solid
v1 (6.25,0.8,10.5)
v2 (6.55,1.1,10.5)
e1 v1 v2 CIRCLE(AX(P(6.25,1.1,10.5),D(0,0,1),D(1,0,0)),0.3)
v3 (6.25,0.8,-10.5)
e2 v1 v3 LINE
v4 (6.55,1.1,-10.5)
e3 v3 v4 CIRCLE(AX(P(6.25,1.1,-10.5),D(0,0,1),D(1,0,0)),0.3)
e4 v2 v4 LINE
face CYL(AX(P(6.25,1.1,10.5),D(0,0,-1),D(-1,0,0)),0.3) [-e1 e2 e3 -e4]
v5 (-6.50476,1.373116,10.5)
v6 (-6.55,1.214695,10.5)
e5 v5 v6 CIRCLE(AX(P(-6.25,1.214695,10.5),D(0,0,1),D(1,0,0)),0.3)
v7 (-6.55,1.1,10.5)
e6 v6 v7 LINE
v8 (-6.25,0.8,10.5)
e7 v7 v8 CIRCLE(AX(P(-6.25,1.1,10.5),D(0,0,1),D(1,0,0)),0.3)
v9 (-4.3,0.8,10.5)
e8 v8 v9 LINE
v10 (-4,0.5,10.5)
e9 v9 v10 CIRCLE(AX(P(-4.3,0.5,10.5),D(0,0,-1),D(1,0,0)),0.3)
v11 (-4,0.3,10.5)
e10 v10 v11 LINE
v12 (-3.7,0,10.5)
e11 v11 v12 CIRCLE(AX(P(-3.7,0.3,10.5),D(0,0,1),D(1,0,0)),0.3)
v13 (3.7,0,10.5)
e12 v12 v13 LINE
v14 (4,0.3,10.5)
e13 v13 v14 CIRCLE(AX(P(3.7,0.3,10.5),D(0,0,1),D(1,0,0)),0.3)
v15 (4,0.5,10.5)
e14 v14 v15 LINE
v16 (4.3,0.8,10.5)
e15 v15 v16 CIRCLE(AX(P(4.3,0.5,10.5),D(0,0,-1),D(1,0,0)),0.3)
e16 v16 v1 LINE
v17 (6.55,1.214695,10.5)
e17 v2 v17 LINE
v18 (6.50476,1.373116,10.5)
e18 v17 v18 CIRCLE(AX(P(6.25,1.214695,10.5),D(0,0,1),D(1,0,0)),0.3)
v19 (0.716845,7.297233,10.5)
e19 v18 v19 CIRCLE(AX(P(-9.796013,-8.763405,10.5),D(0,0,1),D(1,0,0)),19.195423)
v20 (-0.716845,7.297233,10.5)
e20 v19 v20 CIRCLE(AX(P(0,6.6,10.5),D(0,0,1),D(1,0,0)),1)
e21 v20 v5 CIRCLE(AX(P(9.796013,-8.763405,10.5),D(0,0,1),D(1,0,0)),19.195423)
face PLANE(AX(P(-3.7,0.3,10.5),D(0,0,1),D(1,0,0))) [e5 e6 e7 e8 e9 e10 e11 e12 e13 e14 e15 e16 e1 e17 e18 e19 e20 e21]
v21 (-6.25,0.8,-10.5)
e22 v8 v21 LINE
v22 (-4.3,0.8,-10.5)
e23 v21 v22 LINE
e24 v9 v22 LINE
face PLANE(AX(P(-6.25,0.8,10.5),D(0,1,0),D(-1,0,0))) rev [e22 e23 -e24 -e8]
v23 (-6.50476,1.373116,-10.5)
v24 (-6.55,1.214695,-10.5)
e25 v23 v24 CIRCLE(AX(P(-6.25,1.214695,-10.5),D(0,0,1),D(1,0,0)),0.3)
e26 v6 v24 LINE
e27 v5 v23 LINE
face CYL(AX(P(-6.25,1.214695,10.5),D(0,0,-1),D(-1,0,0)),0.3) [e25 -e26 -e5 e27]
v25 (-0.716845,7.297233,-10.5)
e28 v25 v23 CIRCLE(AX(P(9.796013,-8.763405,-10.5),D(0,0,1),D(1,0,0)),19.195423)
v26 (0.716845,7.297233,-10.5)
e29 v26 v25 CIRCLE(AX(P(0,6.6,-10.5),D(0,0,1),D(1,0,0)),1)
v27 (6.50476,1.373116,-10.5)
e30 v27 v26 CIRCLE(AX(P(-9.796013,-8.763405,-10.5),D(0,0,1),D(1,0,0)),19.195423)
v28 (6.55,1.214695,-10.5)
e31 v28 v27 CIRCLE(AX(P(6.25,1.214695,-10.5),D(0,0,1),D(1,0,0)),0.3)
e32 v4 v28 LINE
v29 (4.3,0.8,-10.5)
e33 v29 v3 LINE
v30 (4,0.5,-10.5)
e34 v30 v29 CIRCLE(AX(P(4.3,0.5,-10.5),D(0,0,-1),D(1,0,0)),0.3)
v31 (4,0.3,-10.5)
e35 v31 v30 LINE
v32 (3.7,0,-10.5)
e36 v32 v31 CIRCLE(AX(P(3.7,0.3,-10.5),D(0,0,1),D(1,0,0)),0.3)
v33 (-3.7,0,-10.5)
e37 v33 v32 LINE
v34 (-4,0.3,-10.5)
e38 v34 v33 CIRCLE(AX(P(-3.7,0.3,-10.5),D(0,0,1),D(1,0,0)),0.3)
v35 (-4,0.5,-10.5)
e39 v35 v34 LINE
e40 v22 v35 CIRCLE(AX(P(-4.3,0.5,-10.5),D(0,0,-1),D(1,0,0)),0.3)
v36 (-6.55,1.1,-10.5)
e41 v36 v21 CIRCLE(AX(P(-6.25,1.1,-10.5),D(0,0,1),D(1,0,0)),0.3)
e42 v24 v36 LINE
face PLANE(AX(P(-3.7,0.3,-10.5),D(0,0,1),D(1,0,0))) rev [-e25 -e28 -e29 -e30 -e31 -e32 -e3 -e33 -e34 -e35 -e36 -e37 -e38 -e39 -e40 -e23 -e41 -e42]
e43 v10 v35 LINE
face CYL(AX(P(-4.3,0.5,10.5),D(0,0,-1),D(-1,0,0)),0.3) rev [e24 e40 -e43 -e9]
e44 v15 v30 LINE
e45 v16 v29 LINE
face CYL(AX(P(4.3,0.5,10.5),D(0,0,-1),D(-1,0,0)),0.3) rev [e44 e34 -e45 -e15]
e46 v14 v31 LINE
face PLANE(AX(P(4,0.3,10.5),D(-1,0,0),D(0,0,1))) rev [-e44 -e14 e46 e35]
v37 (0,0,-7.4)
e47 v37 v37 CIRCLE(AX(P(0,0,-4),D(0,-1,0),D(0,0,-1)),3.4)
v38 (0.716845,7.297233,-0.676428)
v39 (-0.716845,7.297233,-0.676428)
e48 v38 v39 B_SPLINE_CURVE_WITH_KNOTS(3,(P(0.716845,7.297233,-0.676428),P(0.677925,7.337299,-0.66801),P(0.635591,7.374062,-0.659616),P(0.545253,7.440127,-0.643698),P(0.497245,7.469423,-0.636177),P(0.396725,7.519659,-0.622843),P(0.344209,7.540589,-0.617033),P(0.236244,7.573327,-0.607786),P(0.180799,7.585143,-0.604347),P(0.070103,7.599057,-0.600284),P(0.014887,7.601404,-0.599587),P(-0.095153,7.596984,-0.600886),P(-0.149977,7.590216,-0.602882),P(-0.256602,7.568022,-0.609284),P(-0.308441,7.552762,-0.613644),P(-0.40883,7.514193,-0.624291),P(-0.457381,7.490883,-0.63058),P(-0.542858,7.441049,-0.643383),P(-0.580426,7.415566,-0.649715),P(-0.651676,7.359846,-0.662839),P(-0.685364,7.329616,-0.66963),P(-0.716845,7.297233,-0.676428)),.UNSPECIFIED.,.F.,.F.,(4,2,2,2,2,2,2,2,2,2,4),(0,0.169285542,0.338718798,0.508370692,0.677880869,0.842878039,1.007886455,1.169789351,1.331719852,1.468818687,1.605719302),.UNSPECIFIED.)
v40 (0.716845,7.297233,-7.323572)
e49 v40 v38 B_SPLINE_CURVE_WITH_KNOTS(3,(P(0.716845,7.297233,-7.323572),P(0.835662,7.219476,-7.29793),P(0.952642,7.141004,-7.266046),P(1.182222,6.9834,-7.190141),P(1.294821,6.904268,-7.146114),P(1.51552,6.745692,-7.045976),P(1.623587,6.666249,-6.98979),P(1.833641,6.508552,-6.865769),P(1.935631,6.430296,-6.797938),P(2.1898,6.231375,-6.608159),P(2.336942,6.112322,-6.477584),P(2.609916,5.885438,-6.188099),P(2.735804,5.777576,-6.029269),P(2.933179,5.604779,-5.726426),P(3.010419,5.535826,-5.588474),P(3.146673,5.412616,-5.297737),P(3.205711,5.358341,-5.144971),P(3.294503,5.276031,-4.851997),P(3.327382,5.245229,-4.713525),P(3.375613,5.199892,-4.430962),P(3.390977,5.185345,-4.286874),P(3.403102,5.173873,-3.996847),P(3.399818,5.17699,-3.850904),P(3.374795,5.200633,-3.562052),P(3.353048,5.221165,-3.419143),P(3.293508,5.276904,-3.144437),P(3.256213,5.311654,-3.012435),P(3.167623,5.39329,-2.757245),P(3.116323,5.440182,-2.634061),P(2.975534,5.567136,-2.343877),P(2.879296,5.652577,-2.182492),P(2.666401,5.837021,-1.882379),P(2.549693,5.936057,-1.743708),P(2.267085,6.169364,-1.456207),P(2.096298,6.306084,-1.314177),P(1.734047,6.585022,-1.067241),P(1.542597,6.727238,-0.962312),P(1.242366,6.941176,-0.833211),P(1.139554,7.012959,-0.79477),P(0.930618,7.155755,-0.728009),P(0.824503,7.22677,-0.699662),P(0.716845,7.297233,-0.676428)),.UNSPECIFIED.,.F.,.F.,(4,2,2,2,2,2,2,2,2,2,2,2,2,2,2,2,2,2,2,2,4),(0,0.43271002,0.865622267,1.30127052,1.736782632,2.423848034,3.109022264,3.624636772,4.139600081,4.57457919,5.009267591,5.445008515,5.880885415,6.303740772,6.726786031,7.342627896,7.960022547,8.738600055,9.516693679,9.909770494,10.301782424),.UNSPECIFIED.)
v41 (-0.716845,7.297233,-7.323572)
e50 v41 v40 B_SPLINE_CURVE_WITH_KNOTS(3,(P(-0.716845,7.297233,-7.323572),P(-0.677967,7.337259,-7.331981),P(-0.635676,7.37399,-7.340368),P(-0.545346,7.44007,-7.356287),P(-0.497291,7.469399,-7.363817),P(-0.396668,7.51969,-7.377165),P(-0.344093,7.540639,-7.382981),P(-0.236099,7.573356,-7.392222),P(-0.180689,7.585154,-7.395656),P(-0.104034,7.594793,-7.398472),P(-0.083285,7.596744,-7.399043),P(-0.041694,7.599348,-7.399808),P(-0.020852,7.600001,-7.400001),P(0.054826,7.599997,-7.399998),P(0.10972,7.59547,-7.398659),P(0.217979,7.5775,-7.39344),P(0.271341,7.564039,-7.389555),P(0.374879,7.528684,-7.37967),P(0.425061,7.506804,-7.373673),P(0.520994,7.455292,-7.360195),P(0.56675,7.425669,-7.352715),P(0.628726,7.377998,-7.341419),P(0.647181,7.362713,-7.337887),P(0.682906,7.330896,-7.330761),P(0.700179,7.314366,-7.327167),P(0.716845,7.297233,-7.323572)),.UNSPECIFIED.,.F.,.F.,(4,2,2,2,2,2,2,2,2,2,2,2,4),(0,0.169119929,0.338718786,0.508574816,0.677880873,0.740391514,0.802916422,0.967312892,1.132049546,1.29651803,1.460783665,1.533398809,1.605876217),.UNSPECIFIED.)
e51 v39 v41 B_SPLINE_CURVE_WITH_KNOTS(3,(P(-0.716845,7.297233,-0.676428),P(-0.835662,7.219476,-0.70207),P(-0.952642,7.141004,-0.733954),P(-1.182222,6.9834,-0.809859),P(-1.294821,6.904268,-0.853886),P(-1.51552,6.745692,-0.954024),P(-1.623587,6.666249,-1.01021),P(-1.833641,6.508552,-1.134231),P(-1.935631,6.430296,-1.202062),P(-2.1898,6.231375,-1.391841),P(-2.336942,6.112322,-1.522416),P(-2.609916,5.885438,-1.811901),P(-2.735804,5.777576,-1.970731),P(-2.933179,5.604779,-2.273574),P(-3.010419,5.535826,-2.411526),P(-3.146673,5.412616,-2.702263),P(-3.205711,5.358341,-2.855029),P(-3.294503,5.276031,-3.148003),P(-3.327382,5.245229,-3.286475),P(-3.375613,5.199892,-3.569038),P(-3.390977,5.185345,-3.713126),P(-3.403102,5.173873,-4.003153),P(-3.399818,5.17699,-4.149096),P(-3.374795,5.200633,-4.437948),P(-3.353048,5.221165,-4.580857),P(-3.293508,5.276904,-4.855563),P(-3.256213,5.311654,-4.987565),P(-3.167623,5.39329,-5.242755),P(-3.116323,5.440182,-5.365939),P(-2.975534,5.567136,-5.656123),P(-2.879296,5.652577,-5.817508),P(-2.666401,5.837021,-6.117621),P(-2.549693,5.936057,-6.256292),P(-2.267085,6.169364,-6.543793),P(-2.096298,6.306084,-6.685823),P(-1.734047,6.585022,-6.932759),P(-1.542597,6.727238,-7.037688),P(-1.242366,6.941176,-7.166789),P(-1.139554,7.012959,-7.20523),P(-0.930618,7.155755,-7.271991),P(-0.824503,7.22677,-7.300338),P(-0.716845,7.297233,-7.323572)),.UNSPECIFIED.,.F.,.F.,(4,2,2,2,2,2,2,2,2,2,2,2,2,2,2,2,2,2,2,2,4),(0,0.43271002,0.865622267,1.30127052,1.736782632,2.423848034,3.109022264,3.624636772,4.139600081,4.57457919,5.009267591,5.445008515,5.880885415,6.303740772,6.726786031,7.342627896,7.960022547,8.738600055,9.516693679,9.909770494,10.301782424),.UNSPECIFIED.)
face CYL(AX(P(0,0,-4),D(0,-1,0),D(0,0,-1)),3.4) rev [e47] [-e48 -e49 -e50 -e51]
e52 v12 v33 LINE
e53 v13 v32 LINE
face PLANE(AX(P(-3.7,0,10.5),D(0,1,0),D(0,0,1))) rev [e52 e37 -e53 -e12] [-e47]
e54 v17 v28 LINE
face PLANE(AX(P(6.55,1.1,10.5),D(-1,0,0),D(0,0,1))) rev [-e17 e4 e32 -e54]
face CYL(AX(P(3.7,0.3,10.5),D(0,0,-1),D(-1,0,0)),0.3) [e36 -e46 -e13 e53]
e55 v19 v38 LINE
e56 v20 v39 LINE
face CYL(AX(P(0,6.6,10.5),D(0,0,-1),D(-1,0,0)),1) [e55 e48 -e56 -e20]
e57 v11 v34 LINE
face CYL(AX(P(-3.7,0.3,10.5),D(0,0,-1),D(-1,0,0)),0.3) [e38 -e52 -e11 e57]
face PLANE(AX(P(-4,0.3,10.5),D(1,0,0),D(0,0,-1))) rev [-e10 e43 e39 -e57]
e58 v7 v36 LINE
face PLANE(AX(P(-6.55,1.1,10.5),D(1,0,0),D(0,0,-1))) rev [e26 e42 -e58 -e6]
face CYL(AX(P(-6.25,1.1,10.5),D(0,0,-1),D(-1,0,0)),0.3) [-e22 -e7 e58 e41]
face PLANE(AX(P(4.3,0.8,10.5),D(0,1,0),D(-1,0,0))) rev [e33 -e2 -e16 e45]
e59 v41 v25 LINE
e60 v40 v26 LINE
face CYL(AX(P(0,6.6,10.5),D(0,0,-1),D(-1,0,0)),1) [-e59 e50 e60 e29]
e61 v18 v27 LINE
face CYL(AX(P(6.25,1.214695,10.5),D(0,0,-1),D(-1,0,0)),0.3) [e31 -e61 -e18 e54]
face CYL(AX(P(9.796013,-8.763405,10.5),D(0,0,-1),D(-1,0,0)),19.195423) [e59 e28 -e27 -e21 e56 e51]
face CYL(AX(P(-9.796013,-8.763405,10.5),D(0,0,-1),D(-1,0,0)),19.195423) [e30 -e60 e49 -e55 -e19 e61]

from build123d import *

# Parameters (mm, degrees)
EXTRUDE_1_DEPTH    = 10.5
HOLE_WIZARD_M8_1_D = 6.8


with BuildPart() as part:
    # 草图1 → 凸台-拉伸1 (new, symmetric)
    with BuildSketch(Plane.XY):
        with BuildLine():
            Line((-3.7, 0), (3.7, 0))
            ThreePointArc((3.7, 0), (3.912132034, 0.087867966), (4, 0.3))
            Line((4, 0.3), (4, 0.5))
            ThreePointArc((4, 0.5), (4.087867966, 0.712132034), (4.3, 0.8))
            Line((4.3, 0.8), (6.25, 0.8))
            ThreePointArc((6.25, 0.8), (6.462132034, 0.887867966), (6.55, 1.1))
            Line((6.55, 1.1), (6.55, 1.214694733))
            ThreePointArc((6.55, 1.214694733), (6.538468452, 1.297071625), (6.504760317, 1.37311563))
            ThreePointArc((6.504760317, 1.37311563), (3.934117906, 4.65105617), (0.716844819, 7.297232748))
            ThreePointArc((0.716844819, 7.297232748), (0, 7.6), (-0.716844819, 7.297232748))
            ThreePointArc((-0.716844819, 7.297232748), (-3.934117906, 4.65105617), (-6.504760317, 1.37311563))
            ThreePointArc((-6.504760317, 1.37311563), (-6.538468452, 1.297071625), (-6.55, 1.214694733))
            Line((-6.55, 1.214694733), (-6.55, 1.1))
            ThreePointArc((-6.55, 1.1), (-6.462132034, 0.887867966), (-6.25, 0.8))
            Line((-6.25, 0.8), (-4.3, 0.8))
            ThreePointArc((-4.3, 0.8), (-4.087867966, 0.712132034), (-4, 0.5))
            Line((-4, 0.5), (-4, 0.3))
            ThreePointArc((-4, 0.3), (-3.912132034, 0.087867966), (-3.7, 0))
        make_face()
    extrude(amount=EXTRUDE_1_DEPTH, both=True)

    # M8 螺纹孔1 (through all)
    with Locations(Plane(origin=(0, 0, -4), x_dir=(0, 0, -1), z_dir=(0, -1, 0))):
        with Locations((0, 0)):
            Hole(HOLE_WIZARD_M8_1_D / 2)


solid = part.part
